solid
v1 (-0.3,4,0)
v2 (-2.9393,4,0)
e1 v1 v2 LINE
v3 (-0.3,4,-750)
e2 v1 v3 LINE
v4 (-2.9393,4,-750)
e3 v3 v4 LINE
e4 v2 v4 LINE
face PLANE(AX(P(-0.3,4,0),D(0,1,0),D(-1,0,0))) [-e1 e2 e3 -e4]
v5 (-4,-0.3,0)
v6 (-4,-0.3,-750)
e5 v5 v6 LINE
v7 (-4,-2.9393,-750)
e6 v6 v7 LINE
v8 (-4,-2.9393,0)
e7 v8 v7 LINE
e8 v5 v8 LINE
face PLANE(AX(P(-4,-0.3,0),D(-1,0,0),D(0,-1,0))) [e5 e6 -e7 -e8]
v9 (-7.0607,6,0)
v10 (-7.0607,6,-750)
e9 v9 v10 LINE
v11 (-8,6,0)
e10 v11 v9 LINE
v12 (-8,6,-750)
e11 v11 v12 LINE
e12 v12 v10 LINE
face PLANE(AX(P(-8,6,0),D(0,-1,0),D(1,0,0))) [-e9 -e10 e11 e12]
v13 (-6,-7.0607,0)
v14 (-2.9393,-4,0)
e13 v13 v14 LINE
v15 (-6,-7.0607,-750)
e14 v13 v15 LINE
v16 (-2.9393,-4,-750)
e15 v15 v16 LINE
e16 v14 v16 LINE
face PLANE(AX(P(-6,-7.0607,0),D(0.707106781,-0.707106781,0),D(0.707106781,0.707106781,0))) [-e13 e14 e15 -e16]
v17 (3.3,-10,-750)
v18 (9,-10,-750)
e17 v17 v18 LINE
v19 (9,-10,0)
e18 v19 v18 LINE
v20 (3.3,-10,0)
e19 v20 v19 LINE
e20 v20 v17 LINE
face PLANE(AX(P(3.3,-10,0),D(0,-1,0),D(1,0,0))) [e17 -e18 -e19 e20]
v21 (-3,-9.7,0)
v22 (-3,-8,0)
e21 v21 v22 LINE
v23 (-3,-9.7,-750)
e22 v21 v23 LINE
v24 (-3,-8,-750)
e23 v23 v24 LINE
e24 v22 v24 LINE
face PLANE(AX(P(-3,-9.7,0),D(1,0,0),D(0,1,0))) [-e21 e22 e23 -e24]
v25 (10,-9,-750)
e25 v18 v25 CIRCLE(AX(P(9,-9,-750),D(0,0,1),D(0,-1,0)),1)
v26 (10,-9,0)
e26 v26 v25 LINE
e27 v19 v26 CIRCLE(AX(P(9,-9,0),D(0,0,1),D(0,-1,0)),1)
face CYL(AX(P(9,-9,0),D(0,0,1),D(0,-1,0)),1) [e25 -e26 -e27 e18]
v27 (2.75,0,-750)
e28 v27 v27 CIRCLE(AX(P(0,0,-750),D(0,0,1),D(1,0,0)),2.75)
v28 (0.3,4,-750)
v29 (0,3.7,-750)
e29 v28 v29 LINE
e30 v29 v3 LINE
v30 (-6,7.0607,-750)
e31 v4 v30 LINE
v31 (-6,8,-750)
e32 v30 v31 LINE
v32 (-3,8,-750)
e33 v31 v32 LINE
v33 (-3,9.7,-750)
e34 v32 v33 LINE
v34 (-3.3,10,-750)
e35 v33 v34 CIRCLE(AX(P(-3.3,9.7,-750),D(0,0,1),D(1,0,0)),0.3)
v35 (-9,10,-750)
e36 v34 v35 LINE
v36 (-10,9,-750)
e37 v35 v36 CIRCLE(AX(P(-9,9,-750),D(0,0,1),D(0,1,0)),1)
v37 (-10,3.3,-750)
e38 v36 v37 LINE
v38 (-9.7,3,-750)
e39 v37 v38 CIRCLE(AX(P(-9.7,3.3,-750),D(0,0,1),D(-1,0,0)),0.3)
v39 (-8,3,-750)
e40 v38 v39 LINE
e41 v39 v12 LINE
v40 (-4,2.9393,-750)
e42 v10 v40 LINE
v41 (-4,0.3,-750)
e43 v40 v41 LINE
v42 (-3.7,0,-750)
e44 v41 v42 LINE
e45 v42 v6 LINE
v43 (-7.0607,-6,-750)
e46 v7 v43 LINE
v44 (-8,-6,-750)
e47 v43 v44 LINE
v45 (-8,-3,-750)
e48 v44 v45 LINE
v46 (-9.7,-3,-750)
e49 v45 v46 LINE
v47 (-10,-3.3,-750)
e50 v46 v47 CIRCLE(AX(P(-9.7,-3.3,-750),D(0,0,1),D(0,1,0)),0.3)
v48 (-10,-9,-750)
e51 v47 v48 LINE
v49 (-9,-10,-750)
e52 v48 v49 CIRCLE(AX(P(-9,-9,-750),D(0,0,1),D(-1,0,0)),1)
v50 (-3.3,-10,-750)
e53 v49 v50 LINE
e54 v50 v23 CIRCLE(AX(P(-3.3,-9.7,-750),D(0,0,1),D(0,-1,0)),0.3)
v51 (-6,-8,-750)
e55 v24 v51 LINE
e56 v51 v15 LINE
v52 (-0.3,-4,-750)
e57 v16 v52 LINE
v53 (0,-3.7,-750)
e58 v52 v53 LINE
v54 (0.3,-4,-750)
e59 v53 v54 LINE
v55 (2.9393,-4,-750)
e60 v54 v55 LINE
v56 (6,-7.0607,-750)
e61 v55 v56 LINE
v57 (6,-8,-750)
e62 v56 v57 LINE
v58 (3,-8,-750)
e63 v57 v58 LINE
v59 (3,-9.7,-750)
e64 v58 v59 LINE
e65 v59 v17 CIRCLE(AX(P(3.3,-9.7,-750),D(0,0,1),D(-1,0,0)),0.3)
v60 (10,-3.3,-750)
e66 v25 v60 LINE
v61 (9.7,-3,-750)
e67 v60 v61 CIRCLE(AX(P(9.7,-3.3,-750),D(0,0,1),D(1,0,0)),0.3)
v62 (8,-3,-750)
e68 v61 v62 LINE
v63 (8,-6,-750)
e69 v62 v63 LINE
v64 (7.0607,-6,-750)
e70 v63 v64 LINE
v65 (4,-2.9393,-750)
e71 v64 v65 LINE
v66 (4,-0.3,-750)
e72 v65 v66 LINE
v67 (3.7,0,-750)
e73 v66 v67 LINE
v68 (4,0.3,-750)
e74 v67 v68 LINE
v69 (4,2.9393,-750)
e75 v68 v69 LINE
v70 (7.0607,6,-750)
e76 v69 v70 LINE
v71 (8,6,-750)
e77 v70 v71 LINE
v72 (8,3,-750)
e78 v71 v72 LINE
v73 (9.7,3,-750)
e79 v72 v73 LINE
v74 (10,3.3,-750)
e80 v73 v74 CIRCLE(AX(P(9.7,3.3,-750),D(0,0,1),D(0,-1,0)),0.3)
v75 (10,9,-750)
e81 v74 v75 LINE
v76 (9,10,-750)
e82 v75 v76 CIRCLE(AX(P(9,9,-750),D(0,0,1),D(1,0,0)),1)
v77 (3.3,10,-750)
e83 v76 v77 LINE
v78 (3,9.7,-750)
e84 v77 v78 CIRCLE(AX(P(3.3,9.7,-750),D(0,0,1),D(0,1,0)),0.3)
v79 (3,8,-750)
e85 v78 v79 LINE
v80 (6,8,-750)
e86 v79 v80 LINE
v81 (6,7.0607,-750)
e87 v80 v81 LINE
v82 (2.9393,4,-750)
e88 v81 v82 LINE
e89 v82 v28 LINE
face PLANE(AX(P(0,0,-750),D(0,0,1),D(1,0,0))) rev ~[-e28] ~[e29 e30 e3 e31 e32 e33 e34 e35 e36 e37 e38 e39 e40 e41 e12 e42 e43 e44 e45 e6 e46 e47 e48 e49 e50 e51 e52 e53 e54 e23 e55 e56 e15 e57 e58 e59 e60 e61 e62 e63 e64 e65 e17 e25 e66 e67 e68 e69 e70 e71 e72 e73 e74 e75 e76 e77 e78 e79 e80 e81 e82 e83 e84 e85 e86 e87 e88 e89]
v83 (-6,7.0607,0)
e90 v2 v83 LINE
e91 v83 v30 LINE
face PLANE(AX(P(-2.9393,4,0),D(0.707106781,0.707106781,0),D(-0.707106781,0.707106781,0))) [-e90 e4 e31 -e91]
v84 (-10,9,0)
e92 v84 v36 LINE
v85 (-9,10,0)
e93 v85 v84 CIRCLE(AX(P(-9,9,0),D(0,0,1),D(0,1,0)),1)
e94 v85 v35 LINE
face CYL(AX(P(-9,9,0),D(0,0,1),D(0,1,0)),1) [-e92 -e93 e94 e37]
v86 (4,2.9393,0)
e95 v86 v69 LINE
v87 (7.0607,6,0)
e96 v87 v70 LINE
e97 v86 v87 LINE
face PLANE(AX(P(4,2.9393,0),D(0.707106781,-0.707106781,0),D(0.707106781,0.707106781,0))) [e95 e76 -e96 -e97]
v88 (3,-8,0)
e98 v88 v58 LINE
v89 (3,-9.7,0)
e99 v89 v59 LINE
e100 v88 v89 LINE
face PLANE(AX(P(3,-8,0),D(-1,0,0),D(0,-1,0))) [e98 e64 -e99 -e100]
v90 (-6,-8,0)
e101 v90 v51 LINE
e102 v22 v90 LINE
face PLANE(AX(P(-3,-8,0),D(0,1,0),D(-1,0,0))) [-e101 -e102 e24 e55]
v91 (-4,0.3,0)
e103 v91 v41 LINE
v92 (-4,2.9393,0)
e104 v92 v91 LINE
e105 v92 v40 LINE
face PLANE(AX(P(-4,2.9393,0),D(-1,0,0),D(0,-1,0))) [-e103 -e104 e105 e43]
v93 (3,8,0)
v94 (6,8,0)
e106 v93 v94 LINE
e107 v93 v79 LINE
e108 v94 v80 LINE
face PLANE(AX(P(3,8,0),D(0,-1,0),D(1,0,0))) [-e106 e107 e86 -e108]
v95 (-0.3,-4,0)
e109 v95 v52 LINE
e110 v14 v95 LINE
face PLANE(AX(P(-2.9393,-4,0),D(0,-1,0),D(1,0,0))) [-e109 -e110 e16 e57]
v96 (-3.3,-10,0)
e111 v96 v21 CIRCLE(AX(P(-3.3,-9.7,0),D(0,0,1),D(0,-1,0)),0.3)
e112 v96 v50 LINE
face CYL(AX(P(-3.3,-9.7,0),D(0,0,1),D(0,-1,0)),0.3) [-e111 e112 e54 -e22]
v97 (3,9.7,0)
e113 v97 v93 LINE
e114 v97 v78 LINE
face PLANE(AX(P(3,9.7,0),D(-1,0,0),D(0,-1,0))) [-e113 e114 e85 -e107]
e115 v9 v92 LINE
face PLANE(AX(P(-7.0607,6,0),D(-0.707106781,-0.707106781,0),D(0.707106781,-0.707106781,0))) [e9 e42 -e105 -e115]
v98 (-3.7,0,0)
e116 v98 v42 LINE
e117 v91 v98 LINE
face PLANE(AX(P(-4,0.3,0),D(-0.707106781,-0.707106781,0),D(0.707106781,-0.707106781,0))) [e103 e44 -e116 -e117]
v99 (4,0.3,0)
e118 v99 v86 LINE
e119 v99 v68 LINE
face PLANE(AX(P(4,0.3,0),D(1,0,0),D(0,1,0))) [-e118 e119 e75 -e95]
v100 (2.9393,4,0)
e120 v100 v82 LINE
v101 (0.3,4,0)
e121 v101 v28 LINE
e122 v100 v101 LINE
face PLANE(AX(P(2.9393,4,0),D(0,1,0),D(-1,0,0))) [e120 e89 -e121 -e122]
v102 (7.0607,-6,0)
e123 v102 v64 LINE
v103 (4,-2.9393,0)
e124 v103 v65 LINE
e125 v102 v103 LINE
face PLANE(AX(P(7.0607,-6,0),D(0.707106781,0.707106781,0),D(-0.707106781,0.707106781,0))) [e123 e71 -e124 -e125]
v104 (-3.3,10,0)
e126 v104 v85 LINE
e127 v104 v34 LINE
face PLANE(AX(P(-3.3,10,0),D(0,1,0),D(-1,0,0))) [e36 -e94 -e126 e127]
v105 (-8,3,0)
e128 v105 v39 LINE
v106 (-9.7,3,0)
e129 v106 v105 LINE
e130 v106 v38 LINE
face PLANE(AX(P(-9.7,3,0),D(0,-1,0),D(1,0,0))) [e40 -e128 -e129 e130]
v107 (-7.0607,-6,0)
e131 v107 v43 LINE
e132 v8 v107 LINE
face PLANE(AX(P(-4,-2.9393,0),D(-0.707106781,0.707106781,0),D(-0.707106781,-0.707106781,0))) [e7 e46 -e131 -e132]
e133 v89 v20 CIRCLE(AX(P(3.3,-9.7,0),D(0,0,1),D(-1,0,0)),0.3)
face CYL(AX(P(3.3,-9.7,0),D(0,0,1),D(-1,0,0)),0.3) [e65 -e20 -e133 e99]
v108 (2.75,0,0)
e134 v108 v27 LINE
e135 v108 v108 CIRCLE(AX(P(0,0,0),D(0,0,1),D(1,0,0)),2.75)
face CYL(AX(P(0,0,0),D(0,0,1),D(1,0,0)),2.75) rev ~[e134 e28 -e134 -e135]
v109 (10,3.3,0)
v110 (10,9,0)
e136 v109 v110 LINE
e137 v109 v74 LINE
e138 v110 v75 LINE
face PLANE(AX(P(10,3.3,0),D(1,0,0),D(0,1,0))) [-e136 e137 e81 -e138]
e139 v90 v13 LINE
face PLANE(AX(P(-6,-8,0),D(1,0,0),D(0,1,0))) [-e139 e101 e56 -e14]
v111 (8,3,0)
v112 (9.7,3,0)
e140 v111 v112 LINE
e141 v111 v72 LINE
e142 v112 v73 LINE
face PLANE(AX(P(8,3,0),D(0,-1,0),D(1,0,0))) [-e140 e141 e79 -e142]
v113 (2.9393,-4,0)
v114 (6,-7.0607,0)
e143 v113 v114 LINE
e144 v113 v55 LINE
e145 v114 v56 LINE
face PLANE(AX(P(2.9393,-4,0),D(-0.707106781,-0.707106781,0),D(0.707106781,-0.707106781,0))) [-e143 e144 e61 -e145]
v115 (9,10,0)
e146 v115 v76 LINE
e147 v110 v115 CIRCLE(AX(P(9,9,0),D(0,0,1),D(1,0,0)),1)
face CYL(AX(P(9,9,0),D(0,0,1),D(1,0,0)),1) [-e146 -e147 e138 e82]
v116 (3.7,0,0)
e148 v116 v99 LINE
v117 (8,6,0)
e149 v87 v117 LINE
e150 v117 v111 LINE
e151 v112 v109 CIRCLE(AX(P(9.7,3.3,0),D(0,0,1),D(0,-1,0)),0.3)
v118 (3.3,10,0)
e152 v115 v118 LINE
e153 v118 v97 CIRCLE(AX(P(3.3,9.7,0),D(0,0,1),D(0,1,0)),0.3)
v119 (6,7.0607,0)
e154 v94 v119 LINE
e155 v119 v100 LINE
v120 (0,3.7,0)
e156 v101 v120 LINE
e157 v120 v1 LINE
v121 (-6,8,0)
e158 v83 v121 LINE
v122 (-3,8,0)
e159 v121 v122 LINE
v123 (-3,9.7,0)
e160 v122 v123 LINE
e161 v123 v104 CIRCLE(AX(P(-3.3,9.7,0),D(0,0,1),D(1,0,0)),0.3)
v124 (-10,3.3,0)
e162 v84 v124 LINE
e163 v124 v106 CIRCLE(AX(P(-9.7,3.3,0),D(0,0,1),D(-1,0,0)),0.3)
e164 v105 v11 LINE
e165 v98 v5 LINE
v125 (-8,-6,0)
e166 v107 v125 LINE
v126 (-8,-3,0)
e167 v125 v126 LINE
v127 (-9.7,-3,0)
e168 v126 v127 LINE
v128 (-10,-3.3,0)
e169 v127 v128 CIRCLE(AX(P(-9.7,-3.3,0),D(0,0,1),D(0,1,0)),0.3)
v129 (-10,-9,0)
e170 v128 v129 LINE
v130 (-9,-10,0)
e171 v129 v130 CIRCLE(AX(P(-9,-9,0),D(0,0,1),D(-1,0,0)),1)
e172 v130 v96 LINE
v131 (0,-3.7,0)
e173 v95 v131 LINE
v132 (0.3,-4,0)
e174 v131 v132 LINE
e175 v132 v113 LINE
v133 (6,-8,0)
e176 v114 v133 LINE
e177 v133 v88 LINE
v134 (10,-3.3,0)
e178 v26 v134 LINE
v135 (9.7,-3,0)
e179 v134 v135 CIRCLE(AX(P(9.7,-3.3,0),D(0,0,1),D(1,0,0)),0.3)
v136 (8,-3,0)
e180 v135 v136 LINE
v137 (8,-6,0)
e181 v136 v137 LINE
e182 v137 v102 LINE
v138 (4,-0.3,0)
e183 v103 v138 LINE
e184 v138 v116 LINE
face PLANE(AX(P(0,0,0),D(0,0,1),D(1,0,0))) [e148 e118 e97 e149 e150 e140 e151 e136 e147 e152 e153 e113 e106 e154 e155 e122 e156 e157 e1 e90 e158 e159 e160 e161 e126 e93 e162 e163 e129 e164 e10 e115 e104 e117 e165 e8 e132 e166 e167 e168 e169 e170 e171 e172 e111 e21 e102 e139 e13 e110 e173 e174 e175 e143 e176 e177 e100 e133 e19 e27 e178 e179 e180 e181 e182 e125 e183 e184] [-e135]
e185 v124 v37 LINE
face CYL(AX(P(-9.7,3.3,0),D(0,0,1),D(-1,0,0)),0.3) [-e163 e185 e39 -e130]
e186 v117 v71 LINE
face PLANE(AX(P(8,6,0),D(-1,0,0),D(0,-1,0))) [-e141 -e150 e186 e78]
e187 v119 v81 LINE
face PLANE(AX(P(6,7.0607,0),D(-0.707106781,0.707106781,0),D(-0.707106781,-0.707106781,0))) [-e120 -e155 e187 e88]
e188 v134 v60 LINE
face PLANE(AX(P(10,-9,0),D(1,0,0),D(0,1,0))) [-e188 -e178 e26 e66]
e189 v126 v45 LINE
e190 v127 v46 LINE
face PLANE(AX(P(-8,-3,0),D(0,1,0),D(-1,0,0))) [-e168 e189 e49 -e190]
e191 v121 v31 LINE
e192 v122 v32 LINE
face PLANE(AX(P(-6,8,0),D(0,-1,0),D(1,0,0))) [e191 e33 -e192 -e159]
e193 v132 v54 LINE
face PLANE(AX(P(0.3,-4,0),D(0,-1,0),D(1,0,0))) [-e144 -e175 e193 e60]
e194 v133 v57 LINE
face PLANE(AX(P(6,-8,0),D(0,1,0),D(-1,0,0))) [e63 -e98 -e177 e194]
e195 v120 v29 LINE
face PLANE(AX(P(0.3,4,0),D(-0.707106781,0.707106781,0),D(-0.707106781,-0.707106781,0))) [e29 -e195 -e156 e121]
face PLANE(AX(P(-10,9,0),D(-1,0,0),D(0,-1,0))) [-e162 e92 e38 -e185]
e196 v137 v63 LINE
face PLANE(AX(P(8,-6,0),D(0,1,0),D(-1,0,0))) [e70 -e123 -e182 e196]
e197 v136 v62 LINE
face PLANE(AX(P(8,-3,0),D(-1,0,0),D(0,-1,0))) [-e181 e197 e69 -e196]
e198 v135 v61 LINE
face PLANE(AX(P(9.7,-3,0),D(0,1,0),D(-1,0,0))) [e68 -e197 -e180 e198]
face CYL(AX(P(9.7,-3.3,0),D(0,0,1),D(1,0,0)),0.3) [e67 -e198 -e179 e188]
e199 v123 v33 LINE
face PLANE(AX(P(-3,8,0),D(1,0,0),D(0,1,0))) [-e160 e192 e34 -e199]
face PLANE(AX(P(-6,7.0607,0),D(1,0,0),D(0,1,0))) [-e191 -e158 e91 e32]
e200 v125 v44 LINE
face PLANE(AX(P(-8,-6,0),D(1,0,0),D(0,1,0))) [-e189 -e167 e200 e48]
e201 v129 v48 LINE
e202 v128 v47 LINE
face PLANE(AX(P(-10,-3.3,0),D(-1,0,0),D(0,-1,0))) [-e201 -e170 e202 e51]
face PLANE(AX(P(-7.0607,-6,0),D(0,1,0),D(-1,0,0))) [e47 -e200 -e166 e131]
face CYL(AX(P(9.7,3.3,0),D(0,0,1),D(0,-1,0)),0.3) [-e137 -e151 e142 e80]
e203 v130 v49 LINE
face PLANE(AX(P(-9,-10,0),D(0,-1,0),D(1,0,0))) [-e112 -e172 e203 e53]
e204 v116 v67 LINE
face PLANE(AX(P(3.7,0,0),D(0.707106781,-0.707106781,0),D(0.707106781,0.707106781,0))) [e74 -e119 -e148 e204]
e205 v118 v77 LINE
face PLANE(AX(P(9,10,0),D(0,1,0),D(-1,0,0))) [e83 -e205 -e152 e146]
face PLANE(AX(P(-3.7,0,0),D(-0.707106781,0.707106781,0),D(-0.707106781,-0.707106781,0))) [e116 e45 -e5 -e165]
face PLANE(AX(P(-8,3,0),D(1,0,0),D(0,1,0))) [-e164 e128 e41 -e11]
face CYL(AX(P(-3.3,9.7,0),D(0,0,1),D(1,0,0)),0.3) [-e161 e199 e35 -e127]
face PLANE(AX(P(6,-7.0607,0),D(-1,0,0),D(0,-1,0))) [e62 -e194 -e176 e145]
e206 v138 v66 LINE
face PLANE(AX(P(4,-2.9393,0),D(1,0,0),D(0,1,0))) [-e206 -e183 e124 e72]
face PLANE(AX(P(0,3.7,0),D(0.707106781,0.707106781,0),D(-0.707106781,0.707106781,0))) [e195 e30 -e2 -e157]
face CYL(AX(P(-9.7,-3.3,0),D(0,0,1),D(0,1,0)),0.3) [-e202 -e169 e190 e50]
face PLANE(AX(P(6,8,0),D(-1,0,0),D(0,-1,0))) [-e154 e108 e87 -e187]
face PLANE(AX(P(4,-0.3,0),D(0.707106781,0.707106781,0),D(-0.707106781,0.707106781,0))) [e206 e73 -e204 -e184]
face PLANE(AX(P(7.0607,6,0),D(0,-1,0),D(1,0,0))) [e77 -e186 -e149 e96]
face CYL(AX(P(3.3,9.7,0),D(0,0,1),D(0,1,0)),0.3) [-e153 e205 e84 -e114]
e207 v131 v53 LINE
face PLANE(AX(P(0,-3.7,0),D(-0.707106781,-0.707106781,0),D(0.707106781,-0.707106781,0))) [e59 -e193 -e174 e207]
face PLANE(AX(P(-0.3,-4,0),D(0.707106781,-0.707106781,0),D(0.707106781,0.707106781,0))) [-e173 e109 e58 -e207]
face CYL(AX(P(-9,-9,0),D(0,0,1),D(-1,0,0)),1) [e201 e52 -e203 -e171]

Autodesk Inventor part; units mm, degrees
ref_plane "YZ Plane" through (0, 0, 0) normal (1, 0, 0) x (0, 1, 0)
ref_plane "XZ Plane" through (0, 0, 0) normal (0, 1, 0) x (-1, 0, 0)
ref_plane "XY Plane" through (0, 0, 0) normal (0, 0, 1) x (1, 0, 0)
sketch "Sketch_5" plane through (0, 0, 0) normal (0, 0, 1) x (1, 0, 0)
  line L0 (-10, 9) -> (-10, 3.3)
  arc A0 (-10, 3.3) -> (-9.7, 3) centre (-9.7, 3.3) ccw
  line L1 (-9.7, 3) -> (-8, 3)
  line L2 (-8, 3) -> (-8, 6)
  line L3 (-8, 6) -> (-7.0607, 6)
  line L4 (-7.0607, 6) -> (-4, 2.9393)
  line L5 (-4, 2.9393) -> (-4, 0.3)
  line L6 (-4, 0.3) -> (-3.7, 0)
  line L7 (-3.7, 0) -> (-4, -0.3)
  line L8 (-4, -0.3) -> (-4, -2.9393)
  line L9 (-4, -2.9393) -> (-7.0607, -6)
  line L10 (-7.0607, -6) -> (-8, -6)
  line L11 (-8, -6) -> (-8, -3)
  line L12 (-8, -3) -> (-9.7, -3)
  arc A1 (-9.7, -3) -> (-10, -3.3) centre (-9.7, -3.3) ccw
  line L13 (-10, -3.3) -> (-10, -9)
  arc A2 (-10, -9) -> (-9, -10) centre (-9, -9) ccw
  line L14 (-9, -10) -> (-3.3, -10)
  arc A3 (-3.3, -10) -> (-3, -9.7) centre (-3.3, -9.7) ccw
  line L15 (-3, -9.7) -> (-3, -8)
  line L16 (-3, -8) -> (-6, -8)
  line L17 (-6, -8) -> (-6, -7.0607)
  line L18 (-6, -7.0607) -> (-2.9393, -4)
  line L19 (-2.9393, -4) -> (-0.3, -4)
  line L20 (-0.3, -4) -> (0, -3.7)
  line L21 (0, -3.7) -> (0.3, -4)
  line L22 (0.3, -4) -> (2.9393, -4)
  line L23 (2.9393, -4) -> (6, -7.0607)
  line L24 (6, -7.0607) -> (6, -8)
  line L25 (6, -8) -> (3, -8)
  line L26 (3, -8) -> (3, -9.7)
  arc A4 (3, -9.7) -> (3.3, -10) centre (3.3, -9.7) ccw
  line L27 (3.3, -10) -> (9, -10)
  arc A5 (9, -10) -> (10, -9) centre (9, -9) ccw
  line L28 (10, -9) -> (10, -3.3)
  arc A6 (10, -3.3) -> (9.7, -3) centre (9.7, -3.3) ccw
  line L29 (9.7, -3) -> (8, -3)
  line L30 (8, -3) -> (8, -6)
  line L31 (8, -6) -> (7.0607, -6)
  line L32 (7.0607, -6) -> (4, -2.9393)
  line L33 (4, -2.9393) -> (4, -0.3)
  line L34 (4, -0.3) -> (3.7, 0)
  line L35 (3.7, 0) -> (4, 0.3)
  line L36 (4, 0.3) -> (4, 2.9393)
  line L37 (4, 2.9393) -> (7.0607, 6)
  line L38 (7.0607, 6) -> (8, 6)
  line L39 (8, 6) -> (8, 3)
  line L40 (8, 3) -> (9.7, 3)
  arc A7 (9.7, 3) -> (10, 3.3) centre (9.7, 3.3) ccw
  line L41 (10, 3.3) -> (10, 9)
  arc A8 (10, 9) -> (9, 10) centre (9, 9) ccw
  line L42 (9, 10) -> (3.3, 10)
  arc A9 (3.3, 10) -> (3, 9.7) centre (3.3, 9.7) ccw
  line L43 (3, 9.7) -> (3, 8)
  line L44 (3, 8) -> (6, 8)
  line L45 (6, 8) -> (6, 7.0607)
  line L46 (6, 7.0607) -> (2.9393, 4)
  line L47 (2.9393, 4) -> (0.3, 4)
  line L48 (0.3, 4) -> (0, 3.7)
  line L49 (0, 3.7) -> (-0.3, 4)
  line L50 (-0.3, 4) -> (-2.9393, 4)
  line L51 (-2.9393, 4) -> (-6, 7.0607)
  line L52 (-6, 7.0607) -> (-6, 8)
  line L53 (-6, 8) -> (-3, 8)
  line L54 (-3, 8) -> (-3, 9.7)
  arc A10 (-3, 9.7) -> (-3.3, 10) centre (-3.3, 9.7) ccw
  line L55 (-3.3, 10) -> (-9, 10)
  arc A11 (-9, 10) -> (-10, 9) centre (-9, 9) ccw
  circle A12 centre (0, 0) radius 2.75
  dimension "d2" = 5.5
  dimension "d3" = 10
  dimension "d4" = 10
  dimension "d5" = 5.7
  dimension "d6" = 5.7
  dimension "d7" = 1.7
  dimension "d8" = 3
  dimension "d9" = 0.3
  dimension "d10" = 90
  dimension "d11" = 45
  dimension "d12" = 45
  dimension "d13" = 45
  dimension "d14" = 90
  dimension "d15" = 90
  dimension "d16" = 45
  dimension "d17" = 45
  dimension "d18" = 45
  dimension "d19" = 45
  dimension "d20" = 90
  dimension "d21" = 90
  dimension "d22" = 45
  dimension "d23" = 45
  dimension "d24" = 90
  dimension "d25" = 90
  dimension "d26" = 90
  dimension "d27" = 90
  dimension "d28" = 90
  dimension "d29" = 90
  dimension "d30" = 90
  dimension "d31" = 90
  dimension "d32" = 90
  dimension "d33" = 90
  dimension "d34" = 90
  dimension "d35" = 90
  dimension "d36" = 90
  dimension "d37" = 90
  dimension "d38" = 90
  dimension "d39" = 4
  dimension "d40" = 6
  dimension "d41" = 13
  dimension "d42" = 14
  dimension "d43" = 16
  dimension "d44" = 18
  dimension "d45" = 3
  dimension "d46" = 9
  dimension "d47" = 7
  dimension "d48" = 1
  dimension "d49" = 7
  dimension "d50" = 1.5
  dimension "d51" = 1.8663
  dimension "d52" = 3.3663
  dimension "d53" = 1.5
  dimension "d54" = 1.8663
  dimension "d55" = 3.3663
  dimension "d56" = 4
  dimension "d57" = 10.8187
  dimension "d58" = 1.9092
  dimension "d59" = 5
  dimension "d60" = 13
  dimension "d61" = 13
  dimension "d62" = 16.0513
  dimension "d63" = 3.3234
  dimension "d64" = 14
  dimension "d65" = 12.685
extrude "Extrusion1" add sketch "Sketch_5" against normal blind 750
properties part number "Perfil_Aluminio_20x20x750"
